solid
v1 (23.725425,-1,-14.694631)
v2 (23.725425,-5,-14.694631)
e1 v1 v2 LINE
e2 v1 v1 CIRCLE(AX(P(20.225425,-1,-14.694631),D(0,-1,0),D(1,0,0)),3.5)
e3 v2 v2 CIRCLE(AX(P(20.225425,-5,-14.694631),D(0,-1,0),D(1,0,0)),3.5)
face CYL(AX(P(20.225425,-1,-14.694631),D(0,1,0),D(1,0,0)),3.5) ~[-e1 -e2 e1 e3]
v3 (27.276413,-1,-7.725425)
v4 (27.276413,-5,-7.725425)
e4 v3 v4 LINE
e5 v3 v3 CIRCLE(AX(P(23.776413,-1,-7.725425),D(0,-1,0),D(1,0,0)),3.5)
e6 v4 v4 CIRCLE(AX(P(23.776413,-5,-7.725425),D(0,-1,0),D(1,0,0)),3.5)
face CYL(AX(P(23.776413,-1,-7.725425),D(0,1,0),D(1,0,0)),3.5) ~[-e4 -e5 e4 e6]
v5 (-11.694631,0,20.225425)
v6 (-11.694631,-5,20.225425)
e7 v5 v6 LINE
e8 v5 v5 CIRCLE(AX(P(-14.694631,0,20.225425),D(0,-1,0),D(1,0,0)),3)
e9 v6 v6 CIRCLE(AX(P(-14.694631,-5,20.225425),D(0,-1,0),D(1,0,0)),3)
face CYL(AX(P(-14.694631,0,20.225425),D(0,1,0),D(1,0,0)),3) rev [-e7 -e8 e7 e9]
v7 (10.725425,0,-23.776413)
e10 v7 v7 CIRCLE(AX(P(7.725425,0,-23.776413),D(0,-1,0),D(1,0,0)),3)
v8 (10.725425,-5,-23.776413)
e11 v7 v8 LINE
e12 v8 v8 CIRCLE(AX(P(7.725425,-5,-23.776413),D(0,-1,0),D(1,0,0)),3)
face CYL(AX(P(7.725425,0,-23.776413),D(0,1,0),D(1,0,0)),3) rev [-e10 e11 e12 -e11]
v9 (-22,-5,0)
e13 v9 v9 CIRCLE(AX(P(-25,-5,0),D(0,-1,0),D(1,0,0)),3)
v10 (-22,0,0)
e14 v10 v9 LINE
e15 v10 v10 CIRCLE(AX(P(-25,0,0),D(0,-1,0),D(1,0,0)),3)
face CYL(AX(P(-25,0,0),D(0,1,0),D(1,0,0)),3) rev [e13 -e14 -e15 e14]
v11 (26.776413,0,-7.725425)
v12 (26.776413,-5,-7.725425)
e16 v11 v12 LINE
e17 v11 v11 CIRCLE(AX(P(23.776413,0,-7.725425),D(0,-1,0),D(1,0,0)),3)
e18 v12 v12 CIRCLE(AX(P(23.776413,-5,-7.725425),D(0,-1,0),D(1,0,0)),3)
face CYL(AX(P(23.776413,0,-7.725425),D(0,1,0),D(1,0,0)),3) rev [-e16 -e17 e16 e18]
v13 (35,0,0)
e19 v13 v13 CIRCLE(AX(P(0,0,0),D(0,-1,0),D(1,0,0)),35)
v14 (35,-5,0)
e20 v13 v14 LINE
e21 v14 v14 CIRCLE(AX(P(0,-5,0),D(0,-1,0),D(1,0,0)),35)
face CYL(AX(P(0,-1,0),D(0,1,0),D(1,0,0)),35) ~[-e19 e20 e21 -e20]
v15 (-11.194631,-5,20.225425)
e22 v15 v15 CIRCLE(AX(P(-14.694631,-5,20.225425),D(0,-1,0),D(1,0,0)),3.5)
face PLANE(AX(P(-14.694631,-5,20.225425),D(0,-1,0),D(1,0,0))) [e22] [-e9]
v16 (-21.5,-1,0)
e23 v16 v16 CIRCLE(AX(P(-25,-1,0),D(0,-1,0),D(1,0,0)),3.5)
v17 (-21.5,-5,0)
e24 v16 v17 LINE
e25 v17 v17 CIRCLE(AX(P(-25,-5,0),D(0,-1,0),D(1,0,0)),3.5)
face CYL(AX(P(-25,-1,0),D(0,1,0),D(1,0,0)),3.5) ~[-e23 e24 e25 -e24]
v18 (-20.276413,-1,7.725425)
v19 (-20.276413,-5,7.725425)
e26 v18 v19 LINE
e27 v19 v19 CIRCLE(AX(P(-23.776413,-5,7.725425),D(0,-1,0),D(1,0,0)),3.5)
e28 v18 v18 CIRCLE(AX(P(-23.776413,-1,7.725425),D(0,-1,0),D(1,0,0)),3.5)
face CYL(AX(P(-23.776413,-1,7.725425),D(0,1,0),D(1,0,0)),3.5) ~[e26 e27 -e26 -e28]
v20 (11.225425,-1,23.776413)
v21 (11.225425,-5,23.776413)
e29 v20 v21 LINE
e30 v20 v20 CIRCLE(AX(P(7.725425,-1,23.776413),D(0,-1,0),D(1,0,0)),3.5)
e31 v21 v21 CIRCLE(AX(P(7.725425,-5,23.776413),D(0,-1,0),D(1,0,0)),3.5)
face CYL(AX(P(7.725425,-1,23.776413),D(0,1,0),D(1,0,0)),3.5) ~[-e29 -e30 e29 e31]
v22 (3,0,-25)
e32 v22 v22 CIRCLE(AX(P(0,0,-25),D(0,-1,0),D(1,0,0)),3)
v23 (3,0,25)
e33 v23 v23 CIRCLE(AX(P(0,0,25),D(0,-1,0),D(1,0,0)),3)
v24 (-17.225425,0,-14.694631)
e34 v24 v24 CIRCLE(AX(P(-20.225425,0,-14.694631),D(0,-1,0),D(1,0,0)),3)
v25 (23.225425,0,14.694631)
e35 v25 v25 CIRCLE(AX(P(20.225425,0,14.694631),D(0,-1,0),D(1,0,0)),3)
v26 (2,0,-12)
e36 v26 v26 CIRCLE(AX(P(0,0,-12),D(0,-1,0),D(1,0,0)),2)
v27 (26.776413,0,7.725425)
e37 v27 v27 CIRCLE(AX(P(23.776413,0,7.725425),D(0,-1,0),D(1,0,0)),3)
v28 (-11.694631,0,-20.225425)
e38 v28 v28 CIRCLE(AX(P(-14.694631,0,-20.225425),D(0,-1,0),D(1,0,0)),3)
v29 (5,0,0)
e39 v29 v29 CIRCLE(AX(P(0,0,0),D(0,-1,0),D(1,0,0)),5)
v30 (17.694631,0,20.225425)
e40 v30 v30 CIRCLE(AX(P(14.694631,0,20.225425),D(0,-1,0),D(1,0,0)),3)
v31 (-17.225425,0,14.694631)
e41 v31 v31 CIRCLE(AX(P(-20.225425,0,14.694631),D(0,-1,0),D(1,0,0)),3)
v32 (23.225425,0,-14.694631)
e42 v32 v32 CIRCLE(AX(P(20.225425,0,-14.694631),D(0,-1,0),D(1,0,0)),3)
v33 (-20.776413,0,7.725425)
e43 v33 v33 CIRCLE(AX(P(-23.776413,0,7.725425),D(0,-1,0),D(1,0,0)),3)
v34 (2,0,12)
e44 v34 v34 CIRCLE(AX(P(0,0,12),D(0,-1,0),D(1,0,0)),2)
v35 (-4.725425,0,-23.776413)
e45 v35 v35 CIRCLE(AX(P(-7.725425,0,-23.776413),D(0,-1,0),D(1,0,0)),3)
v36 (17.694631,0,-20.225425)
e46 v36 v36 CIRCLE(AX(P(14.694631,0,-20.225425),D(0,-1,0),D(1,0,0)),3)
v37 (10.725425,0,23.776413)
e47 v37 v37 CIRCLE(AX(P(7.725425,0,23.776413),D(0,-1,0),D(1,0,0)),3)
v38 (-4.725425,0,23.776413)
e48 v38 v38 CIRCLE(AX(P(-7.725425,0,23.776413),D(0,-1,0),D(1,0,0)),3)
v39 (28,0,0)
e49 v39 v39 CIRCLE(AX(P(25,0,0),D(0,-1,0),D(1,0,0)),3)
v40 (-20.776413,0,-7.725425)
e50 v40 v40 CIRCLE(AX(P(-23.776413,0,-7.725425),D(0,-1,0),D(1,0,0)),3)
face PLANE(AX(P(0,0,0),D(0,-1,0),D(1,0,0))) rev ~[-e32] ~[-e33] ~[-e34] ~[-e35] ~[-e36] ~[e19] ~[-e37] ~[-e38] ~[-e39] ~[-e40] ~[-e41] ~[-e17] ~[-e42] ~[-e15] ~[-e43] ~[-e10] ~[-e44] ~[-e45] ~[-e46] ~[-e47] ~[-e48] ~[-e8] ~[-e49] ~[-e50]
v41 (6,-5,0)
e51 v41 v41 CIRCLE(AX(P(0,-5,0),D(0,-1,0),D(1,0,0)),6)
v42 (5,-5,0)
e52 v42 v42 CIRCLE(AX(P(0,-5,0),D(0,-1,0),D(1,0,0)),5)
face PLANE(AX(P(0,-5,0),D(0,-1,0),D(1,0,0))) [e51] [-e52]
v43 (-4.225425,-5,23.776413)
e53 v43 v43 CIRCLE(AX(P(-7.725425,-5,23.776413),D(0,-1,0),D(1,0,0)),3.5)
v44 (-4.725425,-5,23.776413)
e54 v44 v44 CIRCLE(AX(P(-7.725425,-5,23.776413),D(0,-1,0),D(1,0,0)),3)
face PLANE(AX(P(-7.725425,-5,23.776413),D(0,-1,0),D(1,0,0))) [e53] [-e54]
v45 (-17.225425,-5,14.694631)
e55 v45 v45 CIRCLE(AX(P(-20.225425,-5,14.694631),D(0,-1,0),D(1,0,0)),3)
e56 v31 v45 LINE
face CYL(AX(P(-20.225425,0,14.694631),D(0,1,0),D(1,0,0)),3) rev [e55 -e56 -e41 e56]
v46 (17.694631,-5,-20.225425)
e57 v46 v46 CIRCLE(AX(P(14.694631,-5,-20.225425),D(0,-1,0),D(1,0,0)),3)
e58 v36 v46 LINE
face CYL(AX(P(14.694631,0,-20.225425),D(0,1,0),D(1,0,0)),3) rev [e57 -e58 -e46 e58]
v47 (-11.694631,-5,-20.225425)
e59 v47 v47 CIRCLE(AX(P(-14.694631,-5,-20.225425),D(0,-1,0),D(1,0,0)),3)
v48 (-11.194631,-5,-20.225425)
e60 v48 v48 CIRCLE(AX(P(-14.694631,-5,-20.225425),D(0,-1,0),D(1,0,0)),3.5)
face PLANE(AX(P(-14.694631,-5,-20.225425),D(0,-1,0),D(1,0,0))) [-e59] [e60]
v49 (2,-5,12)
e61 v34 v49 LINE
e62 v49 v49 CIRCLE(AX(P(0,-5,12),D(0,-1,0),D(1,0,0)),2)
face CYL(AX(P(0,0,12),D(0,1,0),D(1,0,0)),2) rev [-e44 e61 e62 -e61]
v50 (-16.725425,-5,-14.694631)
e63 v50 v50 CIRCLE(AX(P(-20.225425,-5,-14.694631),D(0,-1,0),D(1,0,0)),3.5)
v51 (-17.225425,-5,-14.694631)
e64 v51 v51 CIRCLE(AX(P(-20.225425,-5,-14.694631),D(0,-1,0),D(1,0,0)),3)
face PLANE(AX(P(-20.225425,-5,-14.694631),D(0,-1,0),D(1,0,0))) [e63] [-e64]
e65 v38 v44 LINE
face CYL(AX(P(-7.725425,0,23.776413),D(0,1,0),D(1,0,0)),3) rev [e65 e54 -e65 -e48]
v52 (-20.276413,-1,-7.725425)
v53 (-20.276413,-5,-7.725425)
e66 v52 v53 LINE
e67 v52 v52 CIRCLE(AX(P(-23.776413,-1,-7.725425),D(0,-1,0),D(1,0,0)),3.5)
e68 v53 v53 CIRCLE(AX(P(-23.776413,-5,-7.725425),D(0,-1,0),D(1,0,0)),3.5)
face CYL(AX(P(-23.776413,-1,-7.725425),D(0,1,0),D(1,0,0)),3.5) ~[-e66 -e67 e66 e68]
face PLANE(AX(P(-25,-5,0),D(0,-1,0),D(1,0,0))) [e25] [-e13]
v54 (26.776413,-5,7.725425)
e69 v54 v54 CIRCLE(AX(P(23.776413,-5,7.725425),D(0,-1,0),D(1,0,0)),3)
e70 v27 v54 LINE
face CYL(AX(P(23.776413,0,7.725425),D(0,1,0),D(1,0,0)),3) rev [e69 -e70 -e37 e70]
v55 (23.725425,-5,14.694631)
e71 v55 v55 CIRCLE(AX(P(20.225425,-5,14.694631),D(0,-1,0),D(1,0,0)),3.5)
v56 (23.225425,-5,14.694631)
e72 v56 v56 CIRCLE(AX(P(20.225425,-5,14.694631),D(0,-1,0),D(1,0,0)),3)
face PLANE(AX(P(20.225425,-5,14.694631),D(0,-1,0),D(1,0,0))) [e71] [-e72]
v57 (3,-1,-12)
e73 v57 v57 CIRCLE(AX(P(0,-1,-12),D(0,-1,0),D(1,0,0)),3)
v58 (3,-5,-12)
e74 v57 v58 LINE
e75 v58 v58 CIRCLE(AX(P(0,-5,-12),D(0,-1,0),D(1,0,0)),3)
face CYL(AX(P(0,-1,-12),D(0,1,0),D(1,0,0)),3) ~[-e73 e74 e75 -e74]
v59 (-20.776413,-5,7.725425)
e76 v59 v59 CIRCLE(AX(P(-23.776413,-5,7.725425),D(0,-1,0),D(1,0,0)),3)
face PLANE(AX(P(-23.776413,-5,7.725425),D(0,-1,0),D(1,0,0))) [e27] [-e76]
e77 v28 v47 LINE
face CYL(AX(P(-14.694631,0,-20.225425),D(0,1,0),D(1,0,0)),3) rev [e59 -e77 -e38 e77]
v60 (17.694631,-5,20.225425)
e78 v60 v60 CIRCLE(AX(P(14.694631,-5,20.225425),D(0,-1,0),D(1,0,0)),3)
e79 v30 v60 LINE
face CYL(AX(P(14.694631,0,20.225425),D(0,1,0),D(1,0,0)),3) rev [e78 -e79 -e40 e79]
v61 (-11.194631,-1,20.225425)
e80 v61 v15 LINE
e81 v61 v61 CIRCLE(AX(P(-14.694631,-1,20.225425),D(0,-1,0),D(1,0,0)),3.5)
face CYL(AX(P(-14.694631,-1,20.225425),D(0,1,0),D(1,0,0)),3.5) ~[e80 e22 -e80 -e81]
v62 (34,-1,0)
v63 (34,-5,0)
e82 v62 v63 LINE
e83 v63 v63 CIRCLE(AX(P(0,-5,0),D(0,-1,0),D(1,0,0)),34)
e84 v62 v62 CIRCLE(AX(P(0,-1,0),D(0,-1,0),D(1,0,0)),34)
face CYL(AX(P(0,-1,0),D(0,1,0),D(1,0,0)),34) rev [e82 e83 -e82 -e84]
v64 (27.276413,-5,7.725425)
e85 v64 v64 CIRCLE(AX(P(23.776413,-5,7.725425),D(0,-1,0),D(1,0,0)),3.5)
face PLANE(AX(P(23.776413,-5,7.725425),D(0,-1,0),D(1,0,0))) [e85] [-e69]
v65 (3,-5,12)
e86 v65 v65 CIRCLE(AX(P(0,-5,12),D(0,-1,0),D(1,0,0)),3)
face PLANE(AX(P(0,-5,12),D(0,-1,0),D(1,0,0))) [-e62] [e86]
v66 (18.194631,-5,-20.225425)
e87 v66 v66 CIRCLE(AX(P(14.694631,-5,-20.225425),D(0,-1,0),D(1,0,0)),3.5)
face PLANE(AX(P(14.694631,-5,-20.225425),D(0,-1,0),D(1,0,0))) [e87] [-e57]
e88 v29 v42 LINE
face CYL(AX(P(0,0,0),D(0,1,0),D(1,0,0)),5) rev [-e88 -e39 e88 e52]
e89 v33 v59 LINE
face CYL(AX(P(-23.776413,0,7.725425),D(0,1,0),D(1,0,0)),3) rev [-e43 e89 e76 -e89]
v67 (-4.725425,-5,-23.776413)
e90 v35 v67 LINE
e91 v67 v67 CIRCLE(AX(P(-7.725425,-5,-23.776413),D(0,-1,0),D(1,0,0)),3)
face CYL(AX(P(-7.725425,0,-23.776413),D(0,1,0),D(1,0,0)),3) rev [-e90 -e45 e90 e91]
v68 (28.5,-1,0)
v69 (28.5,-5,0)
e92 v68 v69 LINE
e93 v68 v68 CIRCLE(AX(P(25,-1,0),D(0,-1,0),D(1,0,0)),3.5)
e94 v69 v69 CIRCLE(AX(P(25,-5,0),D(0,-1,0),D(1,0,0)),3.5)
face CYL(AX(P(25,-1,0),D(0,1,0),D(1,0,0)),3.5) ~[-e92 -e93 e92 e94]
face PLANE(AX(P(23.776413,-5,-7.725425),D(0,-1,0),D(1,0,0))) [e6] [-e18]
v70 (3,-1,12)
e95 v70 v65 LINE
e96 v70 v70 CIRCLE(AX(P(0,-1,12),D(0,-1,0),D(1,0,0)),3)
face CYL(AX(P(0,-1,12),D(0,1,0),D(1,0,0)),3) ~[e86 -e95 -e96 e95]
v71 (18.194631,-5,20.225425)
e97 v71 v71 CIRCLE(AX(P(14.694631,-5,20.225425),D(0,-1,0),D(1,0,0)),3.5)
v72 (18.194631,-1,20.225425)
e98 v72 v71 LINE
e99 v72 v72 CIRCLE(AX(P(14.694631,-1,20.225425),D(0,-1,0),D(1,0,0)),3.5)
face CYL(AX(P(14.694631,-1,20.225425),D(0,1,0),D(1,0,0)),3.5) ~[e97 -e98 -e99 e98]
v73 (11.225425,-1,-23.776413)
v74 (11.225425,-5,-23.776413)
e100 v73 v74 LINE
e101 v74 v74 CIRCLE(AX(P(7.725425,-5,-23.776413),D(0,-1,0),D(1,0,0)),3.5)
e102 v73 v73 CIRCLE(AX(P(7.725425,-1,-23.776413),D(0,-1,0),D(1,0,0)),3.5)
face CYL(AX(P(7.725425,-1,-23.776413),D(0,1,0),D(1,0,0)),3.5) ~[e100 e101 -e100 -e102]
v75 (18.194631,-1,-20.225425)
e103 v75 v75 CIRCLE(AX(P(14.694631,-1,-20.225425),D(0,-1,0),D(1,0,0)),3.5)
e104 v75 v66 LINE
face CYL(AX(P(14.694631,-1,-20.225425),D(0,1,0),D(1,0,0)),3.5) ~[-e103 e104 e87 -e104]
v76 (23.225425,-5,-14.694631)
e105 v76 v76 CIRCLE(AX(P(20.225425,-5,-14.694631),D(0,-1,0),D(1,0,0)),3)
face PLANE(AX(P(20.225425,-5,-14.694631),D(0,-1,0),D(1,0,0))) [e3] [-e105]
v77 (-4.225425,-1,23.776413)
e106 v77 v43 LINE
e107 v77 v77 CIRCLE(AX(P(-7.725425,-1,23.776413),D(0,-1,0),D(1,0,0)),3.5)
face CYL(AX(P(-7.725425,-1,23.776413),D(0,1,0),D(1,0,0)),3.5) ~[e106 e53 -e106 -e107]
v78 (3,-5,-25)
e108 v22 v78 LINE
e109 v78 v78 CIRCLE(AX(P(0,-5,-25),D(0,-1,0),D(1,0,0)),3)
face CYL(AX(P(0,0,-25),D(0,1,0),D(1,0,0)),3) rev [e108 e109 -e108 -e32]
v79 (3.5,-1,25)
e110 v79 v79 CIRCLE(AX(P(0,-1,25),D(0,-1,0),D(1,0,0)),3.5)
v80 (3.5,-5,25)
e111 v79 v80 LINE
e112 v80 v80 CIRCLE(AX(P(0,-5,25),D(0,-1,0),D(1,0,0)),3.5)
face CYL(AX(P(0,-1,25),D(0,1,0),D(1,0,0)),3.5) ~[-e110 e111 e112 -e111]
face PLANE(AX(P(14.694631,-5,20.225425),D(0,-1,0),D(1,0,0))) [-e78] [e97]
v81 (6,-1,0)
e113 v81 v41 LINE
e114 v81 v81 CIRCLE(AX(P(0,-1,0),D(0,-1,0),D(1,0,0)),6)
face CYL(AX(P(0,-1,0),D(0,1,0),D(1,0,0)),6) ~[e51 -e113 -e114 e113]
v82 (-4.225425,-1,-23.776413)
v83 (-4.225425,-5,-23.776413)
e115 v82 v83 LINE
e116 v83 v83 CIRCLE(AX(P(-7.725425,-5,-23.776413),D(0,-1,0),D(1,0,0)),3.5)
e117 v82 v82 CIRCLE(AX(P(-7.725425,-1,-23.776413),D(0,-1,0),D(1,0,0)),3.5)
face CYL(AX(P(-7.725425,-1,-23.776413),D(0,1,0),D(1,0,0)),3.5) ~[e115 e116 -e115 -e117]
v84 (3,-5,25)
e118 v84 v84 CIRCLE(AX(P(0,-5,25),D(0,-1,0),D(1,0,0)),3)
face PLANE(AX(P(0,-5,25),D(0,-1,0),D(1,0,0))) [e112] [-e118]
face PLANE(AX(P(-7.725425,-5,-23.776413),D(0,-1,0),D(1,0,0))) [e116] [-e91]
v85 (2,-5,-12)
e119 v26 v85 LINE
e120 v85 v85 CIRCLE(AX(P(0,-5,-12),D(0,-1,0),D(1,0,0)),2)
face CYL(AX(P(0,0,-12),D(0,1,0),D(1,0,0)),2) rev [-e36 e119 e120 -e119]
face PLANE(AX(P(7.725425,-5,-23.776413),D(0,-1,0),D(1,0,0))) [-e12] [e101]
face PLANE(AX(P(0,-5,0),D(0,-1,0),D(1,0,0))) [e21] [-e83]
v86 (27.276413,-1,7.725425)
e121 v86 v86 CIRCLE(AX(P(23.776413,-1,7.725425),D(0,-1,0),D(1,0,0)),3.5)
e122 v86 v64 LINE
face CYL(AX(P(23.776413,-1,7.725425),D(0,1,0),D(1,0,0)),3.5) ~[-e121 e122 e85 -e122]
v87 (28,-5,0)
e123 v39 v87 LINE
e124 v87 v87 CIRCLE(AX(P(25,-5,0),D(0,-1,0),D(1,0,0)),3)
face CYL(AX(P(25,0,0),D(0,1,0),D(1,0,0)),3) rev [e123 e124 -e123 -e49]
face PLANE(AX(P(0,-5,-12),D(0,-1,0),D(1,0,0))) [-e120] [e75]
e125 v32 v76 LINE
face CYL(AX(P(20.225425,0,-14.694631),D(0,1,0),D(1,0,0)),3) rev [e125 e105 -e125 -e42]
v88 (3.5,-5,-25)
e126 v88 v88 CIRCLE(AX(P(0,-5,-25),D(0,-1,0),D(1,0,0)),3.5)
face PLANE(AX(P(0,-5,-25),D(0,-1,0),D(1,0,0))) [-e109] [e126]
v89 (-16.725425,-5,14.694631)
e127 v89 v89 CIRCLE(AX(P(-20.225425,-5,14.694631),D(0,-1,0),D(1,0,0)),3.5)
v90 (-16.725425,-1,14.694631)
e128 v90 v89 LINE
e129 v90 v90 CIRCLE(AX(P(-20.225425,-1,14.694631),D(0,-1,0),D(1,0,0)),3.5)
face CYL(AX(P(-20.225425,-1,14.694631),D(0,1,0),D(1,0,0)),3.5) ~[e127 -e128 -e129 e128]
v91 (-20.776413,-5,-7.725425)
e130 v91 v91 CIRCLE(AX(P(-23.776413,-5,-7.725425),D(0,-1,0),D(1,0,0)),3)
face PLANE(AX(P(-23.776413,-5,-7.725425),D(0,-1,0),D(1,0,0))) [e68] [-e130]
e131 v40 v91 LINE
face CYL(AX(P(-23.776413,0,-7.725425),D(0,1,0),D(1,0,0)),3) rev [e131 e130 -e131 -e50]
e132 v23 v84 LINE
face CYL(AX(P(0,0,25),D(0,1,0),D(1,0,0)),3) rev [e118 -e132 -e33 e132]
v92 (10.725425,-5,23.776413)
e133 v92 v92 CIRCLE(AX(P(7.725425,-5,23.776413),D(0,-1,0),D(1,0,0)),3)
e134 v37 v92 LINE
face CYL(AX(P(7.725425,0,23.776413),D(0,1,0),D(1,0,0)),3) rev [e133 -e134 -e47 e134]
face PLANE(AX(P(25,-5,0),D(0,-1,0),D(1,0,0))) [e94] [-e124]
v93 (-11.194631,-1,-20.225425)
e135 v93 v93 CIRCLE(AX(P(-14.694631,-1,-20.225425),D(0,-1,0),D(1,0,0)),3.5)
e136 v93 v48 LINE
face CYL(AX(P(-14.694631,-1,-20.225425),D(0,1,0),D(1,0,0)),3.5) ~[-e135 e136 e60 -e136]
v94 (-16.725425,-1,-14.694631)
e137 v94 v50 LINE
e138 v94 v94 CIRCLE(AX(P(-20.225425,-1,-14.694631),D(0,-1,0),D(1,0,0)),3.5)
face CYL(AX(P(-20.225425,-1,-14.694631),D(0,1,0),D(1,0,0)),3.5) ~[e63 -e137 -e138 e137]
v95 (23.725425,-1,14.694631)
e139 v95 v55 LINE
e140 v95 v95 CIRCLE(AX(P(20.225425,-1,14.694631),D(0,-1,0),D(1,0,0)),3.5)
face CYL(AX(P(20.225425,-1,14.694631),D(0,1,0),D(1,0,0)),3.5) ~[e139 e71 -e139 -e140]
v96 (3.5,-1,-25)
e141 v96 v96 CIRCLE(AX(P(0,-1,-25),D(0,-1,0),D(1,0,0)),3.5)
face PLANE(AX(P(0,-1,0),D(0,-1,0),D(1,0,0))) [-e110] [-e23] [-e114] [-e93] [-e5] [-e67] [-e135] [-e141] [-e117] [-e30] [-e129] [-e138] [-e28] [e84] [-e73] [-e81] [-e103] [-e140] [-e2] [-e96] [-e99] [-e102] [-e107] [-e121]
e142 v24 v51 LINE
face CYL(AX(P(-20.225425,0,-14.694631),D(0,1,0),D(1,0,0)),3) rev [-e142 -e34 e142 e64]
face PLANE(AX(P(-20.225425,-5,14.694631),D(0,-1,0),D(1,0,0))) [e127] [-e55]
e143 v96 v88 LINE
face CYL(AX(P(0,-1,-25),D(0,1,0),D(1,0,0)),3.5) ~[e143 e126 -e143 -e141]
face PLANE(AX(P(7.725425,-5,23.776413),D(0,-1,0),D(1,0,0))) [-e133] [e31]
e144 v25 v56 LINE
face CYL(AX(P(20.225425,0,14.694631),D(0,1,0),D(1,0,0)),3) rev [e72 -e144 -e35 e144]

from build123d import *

# Parameters (mm, degrees)
F0_R     = 35
F0_R_2   = 3
F0_R_3   = 2
F0_R_4   = 5
F1_DEPTH = 1
F2_R     = 35
F2_R_2   = 34
F2_R_3   = 3
F2_R_4   = 2
F2_R_5   = 6
F2_R_6   = 5
F2_R_7   = 3.5
F3_DEPTH = 4


with BuildPart() as f1:
    # F0 (on Front) → F1 (new body)
    with BuildSketch(Plane.XZ):
        Circle(F0_R)
        with Locations((-14.694631, -20.225425)):
            Circle(F0_R_2, mode=Mode.SUBTRACT)
        with Locations((-7.725425, -23.776413)):
            Circle(F0_R_2, mode=Mode.SUBTRACT)
        with Locations((-20.225425, -14.694631)):
            Circle(F0_R_2, mode=Mode.SUBTRACT)
        with Locations((-23.776413, -7.725425)):
            Circle(F0_R_2, mode=Mode.SUBTRACT)
        with Locations((0, -25)):
            Circle(F0_R_2, mode=Mode.SUBTRACT)
        with Locations((7.725425, -23.776413)):
            Circle(F0_R_2, mode=Mode.SUBTRACT)
        with Locations((14.694631, -20.225425)):
            Circle(F0_R_2, mode=Mode.SUBTRACT)
        with Locations((0, -12)):
            Circle(F0_R_3, mode=Mode.SUBTRACT)
        with Locations((20.225425, -14.694631)):
            Circle(F0_R_2, mode=Mode.SUBTRACT)
        with Locations((23.776413, -7.725425)):
            Circle(F0_R_2, mode=Mode.SUBTRACT)
        with Locations((-25, 0)):
            Circle(F0_R_2, mode=Mode.SUBTRACT)
        with Locations((-23.776413, 7.725425)):
            Circle(F0_R_2, mode=Mode.SUBTRACT)
        with Locations((-20.225425, 14.694631)):
            Circle(F0_R_2, mode=Mode.SUBTRACT)
        with Locations((-14.694631, 20.225425)):
            Circle(F0_R_2, mode=Mode.SUBTRACT)
        with Locations((-7.725425, 23.776413)):
            Circle(F0_R_2, mode=Mode.SUBTRACT)
        Circle(F0_R_4, mode=Mode.SUBTRACT)
        with Locations((0, 12)):
            Circle(F0_R_3, mode=Mode.SUBTRACT)
        with Locations((25, 0)):
            Circle(F0_R_2, mode=Mode.SUBTRACT)
        with Locations((23.776413, 7.725425)):
            Circle(F0_R_2, mode=Mode.SUBTRACT)
        with Locations((20.225425, 14.694631)):
            Circle(F0_R_2, mode=Mode.SUBTRACT)
        with Locations((0, 25)):
            Circle(F0_R_2, mode=Mode.SUBTRACT)
        with Locations((7.725425, 23.776413)):
            Circle(F0_R_2, mode=Mode.SUBTRACT)
        with Locations((14.694631, 20.225425)):
            Circle(F0_R_2, mode=Mode.SUBTRACT)
    extrude(amount=F1_DEPTH)

    # F2 (on face) → F3 (join)
    with BuildSketch(Plane.XZ.offset(1)):
        Circle(F2_R)
        Circle(F2_R_2, mode=Mode.SUBTRACT)
        with Locations((0, 12)):
            Circle(F2_R_3)
        with Locations((0, 12)):
            Circle(F2_R_4, mode=Mode.SUBTRACT)
        Circle(F2_R_5)
        Circle(F2_R_6, mode=Mode.SUBTRACT)
        with Locations((0, -12)):
            Circle(F2_R_3)
        with Locations((0, -12)):
            Circle(F2_R_4, mode=Mode.SUBTRACT)
        with Locations((-14.694631, 20.225425)):
            Circle(F2_R_7)
        with Locations((-14.694631, 20.225425)):
            Circle(F2_R_3, mode=Mode.SUBTRACT)
        with Locations((-20.225425, 14.694631)):
            Circle(F2_R_7)
        with Locations((-20.225425, 14.694631)):
            Circle(F2_R_3, mode=Mode.SUBTRACT)
        with Locations((-23.776413, 7.725425)):
            Circle(F2_R_7)
        with Locations((-23.776413, 7.725425)):
            Circle(F2_R_3, mode=Mode.SUBTRACT)
        with Locations((-25, 0)):
            Circle(F2_R_7)
        with Locations((-25, 0)):
            Circle(F2_R_3, mode=Mode.SUBTRACT)
        with Locations((-23.776413, -7.725425)):
            Circle(F2_R_7)
        with Locations((-23.776413, -7.725425)):
            Circle(F2_R_3, mode=Mode.SUBTRACT)
        with Locations((-20.225425, -14.694631)):
            Circle(F2_R_7)
        with Locations((-20.225425, -14.694631)):
            Circle(F2_R_3, mode=Mode.SUBTRACT)
        with Locations((-14.694631, -20.225425)):
            Circle(F2_R_7)
        with Locations((-14.694631, -20.225425)):
            Circle(F2_R_3, mode=Mode.SUBTRACT)
        with Locations((-7.725425, -23.776413)):
            Circle(F2_R_7)
        with Locations((-7.725425, -23.776413)):
            Circle(F2_R_3, mode=Mode.SUBTRACT)
        with Locations((0, -25)):
            Circle(F2_R_7)
        with Locations((0, -25)):
            Circle(F2_R_3, mode=Mode.SUBTRACT)
        with Locations((7.725425, -23.776413)):
            Circle(F2_R_7)
        with Locations((7.725425, -23.776413)):
            Circle(F2_R_3, mode=Mode.SUBTRACT)
        with Locations((14.694631, -20.225425)):
            Circle(F2_R_7)
        with Locations((14.694631, -20.225425)):
            Circle(F2_R_3, mode=Mode.SUBTRACT)
        with Locations((20.225425, -14.694631)):
            Circle(F2_R_7)
        with Locations((20.225425, -14.694631)):
            Circle(F2_R_3, mode=Mode.SUBTRACT)
        with Locations((23.776413, -7.725425)):
            Circle(F2_R_7)
        with Locations((23.776413, -7.725425)):
            Circle(F2_R_3, mode=Mode.SUBTRACT)
        with Locations((25, 0)):
            Circle(F2_R_7)
        with Locations((25, 0)):
            Circle(F2_R_3, mode=Mode.SUBTRACT)
        with Locations((23.776413, 7.725425)):
            Circle(F2_R_7)
        with Locations((23.776413, 7.725425)):
            Circle(F2_R_3, mode=Mode.SUBTRACT)
        with Locations((20.225425, 14.694631)):
            Circle(F2_R_7)
        with Locations((20.225425, 14.694631)):
            Circle(F2_R_3, mode=Mode.SUBTRACT)
        with Locations((14.694631, 20.225425)):
            Circle(F2_R_7)
        with Locations((14.694631, 20.225425)):
            Circle(F2_R_3, mode=Mode.SUBTRACT)
        with Locations((7.725425, 23.776413)):
            Circle(F2_R_7)
        with Locations((7.725425, 23.776413)):
            Circle(F2_R_3, mode=Mode.SUBTRACT)
        with Locations((-7.725425, 23.776413)):
            Circle(F2_R_7)
        with Locations((-7.725425, 23.776413)):
            Circle(F2_R_3, mode=Mode.SUBTRACT)
        with Locations((0, 25)):
            Circle(F2_R_7)
        with Locations((0, 25)):
            Circle(F2_R_3, mode=Mode.SUBTRACT)
    extrude(amount=F3_DEPTH)


solid = f1.part
